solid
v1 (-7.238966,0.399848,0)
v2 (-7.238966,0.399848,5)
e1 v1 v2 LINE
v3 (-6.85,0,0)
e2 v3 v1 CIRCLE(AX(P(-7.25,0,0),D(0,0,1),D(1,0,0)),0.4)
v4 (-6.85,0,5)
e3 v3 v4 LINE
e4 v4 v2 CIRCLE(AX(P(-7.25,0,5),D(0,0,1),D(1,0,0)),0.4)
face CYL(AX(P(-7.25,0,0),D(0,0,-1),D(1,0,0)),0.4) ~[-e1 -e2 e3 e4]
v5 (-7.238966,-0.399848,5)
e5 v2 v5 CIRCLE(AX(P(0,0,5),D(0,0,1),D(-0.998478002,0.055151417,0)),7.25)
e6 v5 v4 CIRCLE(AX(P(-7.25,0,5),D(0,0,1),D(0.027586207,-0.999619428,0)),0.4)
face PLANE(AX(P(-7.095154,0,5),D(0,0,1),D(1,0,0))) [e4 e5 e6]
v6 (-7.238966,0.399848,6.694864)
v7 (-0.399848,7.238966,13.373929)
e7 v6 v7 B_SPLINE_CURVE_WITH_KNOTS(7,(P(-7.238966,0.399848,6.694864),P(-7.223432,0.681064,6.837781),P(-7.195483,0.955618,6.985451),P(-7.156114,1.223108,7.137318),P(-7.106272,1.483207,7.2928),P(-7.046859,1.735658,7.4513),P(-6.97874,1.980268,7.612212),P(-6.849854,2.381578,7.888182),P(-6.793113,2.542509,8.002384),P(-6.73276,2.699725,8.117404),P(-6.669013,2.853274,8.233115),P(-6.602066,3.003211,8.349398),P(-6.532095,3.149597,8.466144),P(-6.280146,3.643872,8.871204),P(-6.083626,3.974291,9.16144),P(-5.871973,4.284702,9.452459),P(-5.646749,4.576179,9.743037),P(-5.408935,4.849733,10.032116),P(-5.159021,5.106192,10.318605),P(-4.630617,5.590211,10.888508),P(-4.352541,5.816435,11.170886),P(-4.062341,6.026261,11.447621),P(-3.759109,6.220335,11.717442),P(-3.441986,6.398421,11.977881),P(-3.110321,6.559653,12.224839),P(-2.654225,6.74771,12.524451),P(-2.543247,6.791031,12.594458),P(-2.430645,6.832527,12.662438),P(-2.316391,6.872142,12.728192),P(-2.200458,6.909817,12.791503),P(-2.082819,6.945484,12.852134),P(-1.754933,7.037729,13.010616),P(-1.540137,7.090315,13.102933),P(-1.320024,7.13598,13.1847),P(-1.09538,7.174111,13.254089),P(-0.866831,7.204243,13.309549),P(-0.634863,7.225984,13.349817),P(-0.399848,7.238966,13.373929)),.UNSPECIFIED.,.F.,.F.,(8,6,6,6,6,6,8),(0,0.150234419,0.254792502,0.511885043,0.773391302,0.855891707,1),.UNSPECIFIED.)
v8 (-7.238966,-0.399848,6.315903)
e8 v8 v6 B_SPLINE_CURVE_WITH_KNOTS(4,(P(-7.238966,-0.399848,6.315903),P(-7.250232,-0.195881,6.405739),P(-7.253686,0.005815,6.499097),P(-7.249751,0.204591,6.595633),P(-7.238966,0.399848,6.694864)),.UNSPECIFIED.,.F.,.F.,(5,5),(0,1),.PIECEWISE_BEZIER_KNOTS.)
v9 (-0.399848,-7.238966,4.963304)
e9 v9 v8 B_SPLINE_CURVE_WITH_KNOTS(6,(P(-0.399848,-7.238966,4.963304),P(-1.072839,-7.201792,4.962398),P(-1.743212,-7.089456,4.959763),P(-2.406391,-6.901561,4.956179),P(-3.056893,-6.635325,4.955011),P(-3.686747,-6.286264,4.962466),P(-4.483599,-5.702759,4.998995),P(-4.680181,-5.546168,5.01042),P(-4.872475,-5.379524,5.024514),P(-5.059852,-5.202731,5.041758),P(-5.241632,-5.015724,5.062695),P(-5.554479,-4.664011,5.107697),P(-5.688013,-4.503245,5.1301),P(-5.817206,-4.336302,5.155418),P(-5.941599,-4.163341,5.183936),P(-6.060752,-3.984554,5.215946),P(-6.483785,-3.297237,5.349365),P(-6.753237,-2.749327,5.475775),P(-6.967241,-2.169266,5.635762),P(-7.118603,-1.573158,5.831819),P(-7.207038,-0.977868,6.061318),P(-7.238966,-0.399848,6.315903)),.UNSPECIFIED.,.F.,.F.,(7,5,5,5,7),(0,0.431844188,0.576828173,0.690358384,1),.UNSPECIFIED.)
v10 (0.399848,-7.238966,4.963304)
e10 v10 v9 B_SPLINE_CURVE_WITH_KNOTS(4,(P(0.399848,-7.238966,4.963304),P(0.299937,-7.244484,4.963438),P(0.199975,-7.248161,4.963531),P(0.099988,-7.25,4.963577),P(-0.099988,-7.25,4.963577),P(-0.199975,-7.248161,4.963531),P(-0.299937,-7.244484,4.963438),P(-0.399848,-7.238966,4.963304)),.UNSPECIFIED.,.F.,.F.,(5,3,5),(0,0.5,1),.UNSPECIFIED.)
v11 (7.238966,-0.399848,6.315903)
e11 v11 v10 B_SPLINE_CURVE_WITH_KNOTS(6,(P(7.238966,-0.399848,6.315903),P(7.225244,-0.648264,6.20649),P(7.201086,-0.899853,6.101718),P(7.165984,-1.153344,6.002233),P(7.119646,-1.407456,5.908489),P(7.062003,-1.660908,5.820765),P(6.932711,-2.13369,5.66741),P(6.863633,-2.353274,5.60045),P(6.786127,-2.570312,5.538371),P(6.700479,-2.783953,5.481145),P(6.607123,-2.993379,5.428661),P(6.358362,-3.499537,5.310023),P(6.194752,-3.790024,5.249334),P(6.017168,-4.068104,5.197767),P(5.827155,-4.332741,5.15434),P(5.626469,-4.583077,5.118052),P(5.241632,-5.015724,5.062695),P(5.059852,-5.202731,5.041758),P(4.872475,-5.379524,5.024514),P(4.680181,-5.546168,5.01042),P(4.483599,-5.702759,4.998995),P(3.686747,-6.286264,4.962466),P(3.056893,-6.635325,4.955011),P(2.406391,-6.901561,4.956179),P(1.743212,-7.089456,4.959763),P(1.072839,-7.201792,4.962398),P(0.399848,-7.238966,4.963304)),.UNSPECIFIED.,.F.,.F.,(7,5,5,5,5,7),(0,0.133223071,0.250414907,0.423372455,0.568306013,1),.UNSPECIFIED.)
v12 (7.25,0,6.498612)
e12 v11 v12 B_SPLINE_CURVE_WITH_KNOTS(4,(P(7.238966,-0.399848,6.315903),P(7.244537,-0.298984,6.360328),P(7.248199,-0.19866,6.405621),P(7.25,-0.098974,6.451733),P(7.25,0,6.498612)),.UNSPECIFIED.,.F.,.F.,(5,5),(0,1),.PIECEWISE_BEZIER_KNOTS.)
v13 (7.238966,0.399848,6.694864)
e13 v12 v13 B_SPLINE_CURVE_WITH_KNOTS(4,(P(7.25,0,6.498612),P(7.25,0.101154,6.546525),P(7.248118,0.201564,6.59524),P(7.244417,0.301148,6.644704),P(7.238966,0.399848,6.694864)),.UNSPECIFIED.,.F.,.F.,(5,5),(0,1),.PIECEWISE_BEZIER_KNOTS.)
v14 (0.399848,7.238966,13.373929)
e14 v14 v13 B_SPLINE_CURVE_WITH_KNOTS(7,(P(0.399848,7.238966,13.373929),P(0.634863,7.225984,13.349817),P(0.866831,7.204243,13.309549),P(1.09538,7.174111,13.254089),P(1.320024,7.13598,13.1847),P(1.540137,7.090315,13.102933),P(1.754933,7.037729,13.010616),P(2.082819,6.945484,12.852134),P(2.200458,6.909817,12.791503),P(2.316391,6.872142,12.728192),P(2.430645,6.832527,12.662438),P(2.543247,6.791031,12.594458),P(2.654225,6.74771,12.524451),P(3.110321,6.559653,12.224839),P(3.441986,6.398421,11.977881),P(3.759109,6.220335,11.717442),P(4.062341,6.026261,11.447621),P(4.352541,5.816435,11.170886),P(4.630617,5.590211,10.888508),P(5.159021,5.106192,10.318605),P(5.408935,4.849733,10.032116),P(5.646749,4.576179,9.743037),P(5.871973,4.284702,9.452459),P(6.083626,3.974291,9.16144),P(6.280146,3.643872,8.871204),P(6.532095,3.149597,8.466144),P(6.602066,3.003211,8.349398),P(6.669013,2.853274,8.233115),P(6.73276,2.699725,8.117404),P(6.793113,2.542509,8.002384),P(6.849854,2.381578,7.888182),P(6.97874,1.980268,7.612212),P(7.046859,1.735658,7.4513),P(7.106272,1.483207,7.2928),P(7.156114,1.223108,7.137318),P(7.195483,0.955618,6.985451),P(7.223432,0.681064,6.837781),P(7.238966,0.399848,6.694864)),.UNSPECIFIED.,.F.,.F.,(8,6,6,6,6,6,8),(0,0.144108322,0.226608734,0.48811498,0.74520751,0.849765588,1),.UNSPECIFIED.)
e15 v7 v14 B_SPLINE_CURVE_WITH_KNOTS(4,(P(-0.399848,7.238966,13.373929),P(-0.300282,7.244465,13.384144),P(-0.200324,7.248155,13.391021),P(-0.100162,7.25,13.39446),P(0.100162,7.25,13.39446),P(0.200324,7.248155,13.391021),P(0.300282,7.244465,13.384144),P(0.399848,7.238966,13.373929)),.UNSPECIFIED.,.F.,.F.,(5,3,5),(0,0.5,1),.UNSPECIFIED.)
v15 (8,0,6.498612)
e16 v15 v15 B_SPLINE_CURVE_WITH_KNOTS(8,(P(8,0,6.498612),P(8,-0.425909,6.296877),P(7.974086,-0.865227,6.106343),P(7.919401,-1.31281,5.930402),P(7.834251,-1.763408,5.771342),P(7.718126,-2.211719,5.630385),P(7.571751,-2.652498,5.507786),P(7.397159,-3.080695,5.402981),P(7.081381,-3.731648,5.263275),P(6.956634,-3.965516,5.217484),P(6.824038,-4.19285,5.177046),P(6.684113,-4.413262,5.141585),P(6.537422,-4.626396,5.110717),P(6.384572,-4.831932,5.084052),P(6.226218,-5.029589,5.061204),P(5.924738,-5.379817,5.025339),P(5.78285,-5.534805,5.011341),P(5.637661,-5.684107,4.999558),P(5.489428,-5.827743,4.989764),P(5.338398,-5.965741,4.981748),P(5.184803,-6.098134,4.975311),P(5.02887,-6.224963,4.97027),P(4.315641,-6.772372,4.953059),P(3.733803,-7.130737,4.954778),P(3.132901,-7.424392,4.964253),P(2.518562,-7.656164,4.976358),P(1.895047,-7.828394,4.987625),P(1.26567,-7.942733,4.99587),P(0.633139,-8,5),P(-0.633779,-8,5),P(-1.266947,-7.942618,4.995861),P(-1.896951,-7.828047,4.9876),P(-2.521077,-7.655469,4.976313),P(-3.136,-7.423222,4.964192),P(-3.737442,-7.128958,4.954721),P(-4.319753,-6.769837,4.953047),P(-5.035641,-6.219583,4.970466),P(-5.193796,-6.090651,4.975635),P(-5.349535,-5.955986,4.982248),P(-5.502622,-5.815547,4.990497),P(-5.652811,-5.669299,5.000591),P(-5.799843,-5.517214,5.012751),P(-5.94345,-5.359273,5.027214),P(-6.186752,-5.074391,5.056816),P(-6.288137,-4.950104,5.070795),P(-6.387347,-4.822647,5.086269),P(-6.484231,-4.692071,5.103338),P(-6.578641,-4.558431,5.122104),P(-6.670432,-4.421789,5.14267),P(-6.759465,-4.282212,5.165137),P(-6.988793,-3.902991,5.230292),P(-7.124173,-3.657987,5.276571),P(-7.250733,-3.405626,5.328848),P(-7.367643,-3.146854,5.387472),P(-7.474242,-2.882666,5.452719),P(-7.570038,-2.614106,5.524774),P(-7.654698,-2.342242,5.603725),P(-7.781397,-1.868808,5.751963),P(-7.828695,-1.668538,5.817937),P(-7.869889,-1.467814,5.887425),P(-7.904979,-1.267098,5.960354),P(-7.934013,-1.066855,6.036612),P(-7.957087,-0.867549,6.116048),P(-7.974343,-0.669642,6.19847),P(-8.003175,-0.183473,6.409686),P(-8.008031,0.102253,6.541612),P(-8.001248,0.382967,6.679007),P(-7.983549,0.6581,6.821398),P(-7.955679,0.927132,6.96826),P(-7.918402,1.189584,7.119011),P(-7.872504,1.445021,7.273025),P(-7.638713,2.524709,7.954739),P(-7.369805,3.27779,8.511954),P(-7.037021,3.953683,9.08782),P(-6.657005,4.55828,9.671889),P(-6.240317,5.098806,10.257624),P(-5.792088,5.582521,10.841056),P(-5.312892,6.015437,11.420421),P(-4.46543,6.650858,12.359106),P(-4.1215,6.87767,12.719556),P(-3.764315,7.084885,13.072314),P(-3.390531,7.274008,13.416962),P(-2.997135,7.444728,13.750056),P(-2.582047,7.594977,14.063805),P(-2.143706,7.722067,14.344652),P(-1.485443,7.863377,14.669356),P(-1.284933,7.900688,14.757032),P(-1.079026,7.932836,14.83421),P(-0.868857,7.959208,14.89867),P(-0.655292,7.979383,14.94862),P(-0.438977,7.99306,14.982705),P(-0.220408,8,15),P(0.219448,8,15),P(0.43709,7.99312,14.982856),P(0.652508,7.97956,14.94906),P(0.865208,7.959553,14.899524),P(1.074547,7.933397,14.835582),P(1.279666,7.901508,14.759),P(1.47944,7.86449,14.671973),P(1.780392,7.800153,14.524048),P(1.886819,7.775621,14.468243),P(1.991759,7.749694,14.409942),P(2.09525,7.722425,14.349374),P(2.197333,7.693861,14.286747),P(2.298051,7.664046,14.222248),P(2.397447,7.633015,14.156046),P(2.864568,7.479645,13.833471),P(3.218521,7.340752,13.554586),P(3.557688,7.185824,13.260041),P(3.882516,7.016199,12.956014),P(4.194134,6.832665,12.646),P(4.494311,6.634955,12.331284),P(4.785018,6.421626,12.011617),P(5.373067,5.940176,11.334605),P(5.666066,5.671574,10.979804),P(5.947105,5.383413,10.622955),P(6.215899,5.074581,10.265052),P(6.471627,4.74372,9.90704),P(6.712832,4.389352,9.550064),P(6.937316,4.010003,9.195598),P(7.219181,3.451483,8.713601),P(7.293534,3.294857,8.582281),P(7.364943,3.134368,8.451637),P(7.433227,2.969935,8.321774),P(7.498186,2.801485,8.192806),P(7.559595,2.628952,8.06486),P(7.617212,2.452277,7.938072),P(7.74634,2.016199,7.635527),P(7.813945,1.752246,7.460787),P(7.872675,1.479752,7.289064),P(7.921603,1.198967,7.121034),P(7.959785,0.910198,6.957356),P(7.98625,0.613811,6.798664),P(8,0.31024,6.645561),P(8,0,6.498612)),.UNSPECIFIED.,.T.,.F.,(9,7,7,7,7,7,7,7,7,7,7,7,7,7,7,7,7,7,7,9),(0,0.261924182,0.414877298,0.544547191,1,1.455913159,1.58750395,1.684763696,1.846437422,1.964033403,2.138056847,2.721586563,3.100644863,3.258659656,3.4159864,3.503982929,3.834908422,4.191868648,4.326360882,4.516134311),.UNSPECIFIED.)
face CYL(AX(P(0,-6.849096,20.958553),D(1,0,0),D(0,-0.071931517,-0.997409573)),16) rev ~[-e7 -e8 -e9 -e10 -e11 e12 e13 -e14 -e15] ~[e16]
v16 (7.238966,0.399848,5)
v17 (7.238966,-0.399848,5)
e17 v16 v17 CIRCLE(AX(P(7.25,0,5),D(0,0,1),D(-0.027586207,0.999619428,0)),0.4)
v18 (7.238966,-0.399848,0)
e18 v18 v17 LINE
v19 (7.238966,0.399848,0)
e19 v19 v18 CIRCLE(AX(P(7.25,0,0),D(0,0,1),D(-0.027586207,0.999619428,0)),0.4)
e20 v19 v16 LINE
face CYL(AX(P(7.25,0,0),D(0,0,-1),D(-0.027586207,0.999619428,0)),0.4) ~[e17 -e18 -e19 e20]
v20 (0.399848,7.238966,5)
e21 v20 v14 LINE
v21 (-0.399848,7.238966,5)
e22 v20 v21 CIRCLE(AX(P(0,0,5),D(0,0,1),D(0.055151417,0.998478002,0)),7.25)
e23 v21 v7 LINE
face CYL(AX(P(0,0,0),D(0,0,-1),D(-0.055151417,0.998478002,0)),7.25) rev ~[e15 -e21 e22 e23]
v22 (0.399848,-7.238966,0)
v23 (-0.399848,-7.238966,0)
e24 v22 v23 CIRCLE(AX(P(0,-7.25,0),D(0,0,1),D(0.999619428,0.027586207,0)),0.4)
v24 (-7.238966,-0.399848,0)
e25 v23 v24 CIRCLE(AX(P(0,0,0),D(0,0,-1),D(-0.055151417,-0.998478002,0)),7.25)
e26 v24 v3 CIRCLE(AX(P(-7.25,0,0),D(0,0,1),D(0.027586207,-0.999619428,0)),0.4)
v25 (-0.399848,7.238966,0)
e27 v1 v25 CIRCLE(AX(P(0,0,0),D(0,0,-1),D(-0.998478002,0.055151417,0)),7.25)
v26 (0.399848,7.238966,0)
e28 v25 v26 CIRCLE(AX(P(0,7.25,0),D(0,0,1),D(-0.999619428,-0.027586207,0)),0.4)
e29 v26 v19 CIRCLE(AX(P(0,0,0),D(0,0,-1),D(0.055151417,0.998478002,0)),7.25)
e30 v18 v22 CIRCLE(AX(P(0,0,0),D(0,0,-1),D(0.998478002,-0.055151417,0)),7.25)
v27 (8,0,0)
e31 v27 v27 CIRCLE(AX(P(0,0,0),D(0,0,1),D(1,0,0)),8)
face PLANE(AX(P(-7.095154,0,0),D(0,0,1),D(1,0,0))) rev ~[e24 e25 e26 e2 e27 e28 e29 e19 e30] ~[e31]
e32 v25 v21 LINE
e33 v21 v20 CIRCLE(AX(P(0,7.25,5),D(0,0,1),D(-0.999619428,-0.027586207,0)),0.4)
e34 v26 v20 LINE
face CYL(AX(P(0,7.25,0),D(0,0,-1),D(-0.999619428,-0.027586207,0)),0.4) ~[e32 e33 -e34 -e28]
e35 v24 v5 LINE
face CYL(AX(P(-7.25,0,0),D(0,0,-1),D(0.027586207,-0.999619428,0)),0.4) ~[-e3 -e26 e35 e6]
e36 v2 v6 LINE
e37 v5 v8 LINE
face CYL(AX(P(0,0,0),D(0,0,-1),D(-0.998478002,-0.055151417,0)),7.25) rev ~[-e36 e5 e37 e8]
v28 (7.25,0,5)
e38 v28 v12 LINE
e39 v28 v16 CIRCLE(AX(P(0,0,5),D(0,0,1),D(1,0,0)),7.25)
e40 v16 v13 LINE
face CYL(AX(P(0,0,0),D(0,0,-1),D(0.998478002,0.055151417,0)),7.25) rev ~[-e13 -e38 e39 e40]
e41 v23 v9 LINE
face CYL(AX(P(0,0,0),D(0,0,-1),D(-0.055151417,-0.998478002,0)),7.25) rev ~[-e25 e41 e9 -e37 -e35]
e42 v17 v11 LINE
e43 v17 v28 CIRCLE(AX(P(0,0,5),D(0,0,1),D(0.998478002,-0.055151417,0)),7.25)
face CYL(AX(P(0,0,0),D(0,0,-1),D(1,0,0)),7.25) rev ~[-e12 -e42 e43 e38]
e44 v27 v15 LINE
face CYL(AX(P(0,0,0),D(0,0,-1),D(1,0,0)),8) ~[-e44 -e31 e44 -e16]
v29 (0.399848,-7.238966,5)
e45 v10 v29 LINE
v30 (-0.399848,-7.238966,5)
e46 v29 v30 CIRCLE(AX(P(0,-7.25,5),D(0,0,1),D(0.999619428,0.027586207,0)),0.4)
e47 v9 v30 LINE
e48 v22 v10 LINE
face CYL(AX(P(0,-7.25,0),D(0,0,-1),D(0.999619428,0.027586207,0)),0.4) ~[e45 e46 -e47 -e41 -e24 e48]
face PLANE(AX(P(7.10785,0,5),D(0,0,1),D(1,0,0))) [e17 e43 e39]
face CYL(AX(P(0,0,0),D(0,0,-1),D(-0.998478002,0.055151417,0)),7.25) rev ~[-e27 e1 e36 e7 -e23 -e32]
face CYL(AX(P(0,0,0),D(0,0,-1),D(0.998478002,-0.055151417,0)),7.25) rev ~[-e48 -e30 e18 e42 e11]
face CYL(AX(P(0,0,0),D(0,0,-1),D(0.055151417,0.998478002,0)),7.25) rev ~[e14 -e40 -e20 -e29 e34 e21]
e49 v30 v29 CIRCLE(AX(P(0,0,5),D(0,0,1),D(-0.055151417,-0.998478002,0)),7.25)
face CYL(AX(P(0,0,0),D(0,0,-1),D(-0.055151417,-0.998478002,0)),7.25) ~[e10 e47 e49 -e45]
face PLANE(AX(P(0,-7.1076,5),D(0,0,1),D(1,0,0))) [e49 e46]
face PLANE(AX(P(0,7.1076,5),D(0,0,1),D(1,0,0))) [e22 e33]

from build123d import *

# Parameters (mm, degrees)
F0_R     = 8
F1_DEPTH = 15
F3_DEPTH = 12.5
F4_DEPTH = 5


with BuildPart() as f1:
    # F0 (on Top) → F1 (new body)
    with BuildSketch(Plane.XY):
        Circle(F0_R)
        with BuildLine():
            ThreePointArc((0.3998477713, 7.2389655172), (5.1265241636, 5.1265241636), (7.2389655172, 0.3998477713))
            ThreePointArc((7.2389655172, 0.3998477713), (7.5289141507, 0.2867174507), (7.65, 0))
            ThreePointArc((7.65, 0), (7.5289141507, -0.2867174507), (7.2389655172, -0.3998477713))
            ThreePointArc((7.2389655172, -0.3998477713), (5.1265241636, -5.1265241636), (0.3998477713, -7.2389655172))
            ThreePointArc((0.3998477713, -7.2389655172), (0.399961941, -7.2444822336), (0.4, -7.25))
            ThreePointArc((0.4, -7.25), (-0.0055177664, -7.649961941), (-0.3998477713, -7.2389655172))
            ThreePointArc((-0.3998477713, -7.2389655172), (-5.1265241636, -5.1265241636), (-7.2389655172, -0.3998477713))
            ThreePointArc((-7.2389655172, -0.3998477713), (-7.65, 0), (-7.2389655172, 0.3998477713))
            ThreePointArc((-7.2389655172, 0.3998477713), (-5.1265241636, 5.1265241636), (-0.3998477713, 7.2389655172))
            ThreePointArc((-0.3998477713, 7.2389655172), (-0.0055177664, 7.649961941), (0.4, 7.25))
            ThreePointArc((0.4, 7.25), (0.399961941, 7.2444822336), (0.3998477713, 7.2389655172))
        make_face(mode=Mode.SUBTRACT)
        with BuildLine():
            ThreePointArc((-7.2389655172, -0.3998477713), (-7.25, 0), (-7.2389655172, 0.3998477713))
            ThreePointArc((-7.2389655172, 0.3998477713), (-7.65, 0), (-7.2389655172, -0.3998477713))
        make_face()
        with BuildLine():
            ThreePointArc((0.4, -7.25), (0.399961941, -7.2444822336), (0.3998477713, -7.2389655172))
            ThreePointArc((0.3998477713, -7.2389655172), (0, -7.25), (-0.3998477713, -7.2389655172))
            ThreePointArc((-0.3998477713, -7.2389655172), (-0.0055177664, -7.649961941), (0.4, -7.25))
        make_face()
        with BuildLine():
            ThreePointArc((7.2389655172, 0.3998477713), (7.2472408543, 0.2), (7.25, 0))
            ThreePointArc((7.25, 0), (7.2472408543, -0.2), (7.2389655172, -0.3998477713))
            ThreePointArc((7.2389655172, -0.3998477713), (7.5289141507, -0.2867174507), (7.65, 0))
            ThreePointArc((7.65, 0), (7.5289141507, 0.2867174507), (7.2389655172, 0.3998477713))
        make_face()
        with BuildLine():
            ThreePointArc((-0.3998477713, 7.2389655172), (0, 7.25), (0.3998477713, 7.2389655172))
            ThreePointArc((0.3998477713, 7.2389655172), (0.399961941, 7.2444822336), (0.4, 7.25))
            ThreePointArc((0.4, 7.25), (-0.0055177664, 7.649961941), (-0.3998477713, 7.2389655172))
        make_face()
    extrude(amount=F1_DEPTH)

    # F2 (on Right) → F3 (cut, symmetric)
    with BuildSketch(Plane.YZ):
        Polygon((-8, 15), (-8, 5), (8, 15), align=None)
        with BuildLine():
            Line((8, 15), (-8, 5))
            ThreePointArc((-8, 5), (1.6308873071, 7.3905803087), (8, 15))
        make_face()
    extrude(amount=F3_DEPTH, both=True, mode=Mode.SUBTRACT)

    # F0 (on Top) → F4 (join)
    with BuildSketch(Plane.XY):
        with BuildLine():
            ThreePointArc((-6.85, 0), (-6.9632825493, 0.2789141507), (-7.2389655172, 0.3998477713))
            ThreePointArc((-7.2389655172, 0.3998477713), (-7.25, 0), (-7.2389655172, -0.3998477713))
            ThreePointArc((-7.2389655172, -0.3998477713), (-6.9632825493, -0.2789141507), (-6.85, 0))
        make_face()
        with BuildLine():
            ThreePointArc((-0.3998477713, -7.2389655172), (0, -7.25), (0.3998477713, -7.2389655172))
            ThreePointArc((0.3998477713, -7.2389655172), (0, -6.85), (-0.3998477713, -7.2389655172))
        make_face()
        with BuildLine():
            ThreePointArc((7.2389655172, -0.3998477713), (7.2472408543, -0.2), (7.25, 0))
            ThreePointArc((7.25, 0), (7.2472408543, 0.2), (7.2389655172, 0.3998477713))
            ThreePointArc((7.2389655172, 0.3998477713), (6.85, 0), (7.2389655172, -0.3998477713))
        make_face()
        with BuildLine():
            ThreePointArc((-0.3998477713, 7.2389655172), (0, 6.85), (0.3998477713, 7.2389655172))
            ThreePointArc((0.3998477713, 7.2389655172), (0, 7.25), (-0.3998477713, 7.2389655172))
        make_face()
    extrude(amount=F4_DEPTH)


solid = f1.part
